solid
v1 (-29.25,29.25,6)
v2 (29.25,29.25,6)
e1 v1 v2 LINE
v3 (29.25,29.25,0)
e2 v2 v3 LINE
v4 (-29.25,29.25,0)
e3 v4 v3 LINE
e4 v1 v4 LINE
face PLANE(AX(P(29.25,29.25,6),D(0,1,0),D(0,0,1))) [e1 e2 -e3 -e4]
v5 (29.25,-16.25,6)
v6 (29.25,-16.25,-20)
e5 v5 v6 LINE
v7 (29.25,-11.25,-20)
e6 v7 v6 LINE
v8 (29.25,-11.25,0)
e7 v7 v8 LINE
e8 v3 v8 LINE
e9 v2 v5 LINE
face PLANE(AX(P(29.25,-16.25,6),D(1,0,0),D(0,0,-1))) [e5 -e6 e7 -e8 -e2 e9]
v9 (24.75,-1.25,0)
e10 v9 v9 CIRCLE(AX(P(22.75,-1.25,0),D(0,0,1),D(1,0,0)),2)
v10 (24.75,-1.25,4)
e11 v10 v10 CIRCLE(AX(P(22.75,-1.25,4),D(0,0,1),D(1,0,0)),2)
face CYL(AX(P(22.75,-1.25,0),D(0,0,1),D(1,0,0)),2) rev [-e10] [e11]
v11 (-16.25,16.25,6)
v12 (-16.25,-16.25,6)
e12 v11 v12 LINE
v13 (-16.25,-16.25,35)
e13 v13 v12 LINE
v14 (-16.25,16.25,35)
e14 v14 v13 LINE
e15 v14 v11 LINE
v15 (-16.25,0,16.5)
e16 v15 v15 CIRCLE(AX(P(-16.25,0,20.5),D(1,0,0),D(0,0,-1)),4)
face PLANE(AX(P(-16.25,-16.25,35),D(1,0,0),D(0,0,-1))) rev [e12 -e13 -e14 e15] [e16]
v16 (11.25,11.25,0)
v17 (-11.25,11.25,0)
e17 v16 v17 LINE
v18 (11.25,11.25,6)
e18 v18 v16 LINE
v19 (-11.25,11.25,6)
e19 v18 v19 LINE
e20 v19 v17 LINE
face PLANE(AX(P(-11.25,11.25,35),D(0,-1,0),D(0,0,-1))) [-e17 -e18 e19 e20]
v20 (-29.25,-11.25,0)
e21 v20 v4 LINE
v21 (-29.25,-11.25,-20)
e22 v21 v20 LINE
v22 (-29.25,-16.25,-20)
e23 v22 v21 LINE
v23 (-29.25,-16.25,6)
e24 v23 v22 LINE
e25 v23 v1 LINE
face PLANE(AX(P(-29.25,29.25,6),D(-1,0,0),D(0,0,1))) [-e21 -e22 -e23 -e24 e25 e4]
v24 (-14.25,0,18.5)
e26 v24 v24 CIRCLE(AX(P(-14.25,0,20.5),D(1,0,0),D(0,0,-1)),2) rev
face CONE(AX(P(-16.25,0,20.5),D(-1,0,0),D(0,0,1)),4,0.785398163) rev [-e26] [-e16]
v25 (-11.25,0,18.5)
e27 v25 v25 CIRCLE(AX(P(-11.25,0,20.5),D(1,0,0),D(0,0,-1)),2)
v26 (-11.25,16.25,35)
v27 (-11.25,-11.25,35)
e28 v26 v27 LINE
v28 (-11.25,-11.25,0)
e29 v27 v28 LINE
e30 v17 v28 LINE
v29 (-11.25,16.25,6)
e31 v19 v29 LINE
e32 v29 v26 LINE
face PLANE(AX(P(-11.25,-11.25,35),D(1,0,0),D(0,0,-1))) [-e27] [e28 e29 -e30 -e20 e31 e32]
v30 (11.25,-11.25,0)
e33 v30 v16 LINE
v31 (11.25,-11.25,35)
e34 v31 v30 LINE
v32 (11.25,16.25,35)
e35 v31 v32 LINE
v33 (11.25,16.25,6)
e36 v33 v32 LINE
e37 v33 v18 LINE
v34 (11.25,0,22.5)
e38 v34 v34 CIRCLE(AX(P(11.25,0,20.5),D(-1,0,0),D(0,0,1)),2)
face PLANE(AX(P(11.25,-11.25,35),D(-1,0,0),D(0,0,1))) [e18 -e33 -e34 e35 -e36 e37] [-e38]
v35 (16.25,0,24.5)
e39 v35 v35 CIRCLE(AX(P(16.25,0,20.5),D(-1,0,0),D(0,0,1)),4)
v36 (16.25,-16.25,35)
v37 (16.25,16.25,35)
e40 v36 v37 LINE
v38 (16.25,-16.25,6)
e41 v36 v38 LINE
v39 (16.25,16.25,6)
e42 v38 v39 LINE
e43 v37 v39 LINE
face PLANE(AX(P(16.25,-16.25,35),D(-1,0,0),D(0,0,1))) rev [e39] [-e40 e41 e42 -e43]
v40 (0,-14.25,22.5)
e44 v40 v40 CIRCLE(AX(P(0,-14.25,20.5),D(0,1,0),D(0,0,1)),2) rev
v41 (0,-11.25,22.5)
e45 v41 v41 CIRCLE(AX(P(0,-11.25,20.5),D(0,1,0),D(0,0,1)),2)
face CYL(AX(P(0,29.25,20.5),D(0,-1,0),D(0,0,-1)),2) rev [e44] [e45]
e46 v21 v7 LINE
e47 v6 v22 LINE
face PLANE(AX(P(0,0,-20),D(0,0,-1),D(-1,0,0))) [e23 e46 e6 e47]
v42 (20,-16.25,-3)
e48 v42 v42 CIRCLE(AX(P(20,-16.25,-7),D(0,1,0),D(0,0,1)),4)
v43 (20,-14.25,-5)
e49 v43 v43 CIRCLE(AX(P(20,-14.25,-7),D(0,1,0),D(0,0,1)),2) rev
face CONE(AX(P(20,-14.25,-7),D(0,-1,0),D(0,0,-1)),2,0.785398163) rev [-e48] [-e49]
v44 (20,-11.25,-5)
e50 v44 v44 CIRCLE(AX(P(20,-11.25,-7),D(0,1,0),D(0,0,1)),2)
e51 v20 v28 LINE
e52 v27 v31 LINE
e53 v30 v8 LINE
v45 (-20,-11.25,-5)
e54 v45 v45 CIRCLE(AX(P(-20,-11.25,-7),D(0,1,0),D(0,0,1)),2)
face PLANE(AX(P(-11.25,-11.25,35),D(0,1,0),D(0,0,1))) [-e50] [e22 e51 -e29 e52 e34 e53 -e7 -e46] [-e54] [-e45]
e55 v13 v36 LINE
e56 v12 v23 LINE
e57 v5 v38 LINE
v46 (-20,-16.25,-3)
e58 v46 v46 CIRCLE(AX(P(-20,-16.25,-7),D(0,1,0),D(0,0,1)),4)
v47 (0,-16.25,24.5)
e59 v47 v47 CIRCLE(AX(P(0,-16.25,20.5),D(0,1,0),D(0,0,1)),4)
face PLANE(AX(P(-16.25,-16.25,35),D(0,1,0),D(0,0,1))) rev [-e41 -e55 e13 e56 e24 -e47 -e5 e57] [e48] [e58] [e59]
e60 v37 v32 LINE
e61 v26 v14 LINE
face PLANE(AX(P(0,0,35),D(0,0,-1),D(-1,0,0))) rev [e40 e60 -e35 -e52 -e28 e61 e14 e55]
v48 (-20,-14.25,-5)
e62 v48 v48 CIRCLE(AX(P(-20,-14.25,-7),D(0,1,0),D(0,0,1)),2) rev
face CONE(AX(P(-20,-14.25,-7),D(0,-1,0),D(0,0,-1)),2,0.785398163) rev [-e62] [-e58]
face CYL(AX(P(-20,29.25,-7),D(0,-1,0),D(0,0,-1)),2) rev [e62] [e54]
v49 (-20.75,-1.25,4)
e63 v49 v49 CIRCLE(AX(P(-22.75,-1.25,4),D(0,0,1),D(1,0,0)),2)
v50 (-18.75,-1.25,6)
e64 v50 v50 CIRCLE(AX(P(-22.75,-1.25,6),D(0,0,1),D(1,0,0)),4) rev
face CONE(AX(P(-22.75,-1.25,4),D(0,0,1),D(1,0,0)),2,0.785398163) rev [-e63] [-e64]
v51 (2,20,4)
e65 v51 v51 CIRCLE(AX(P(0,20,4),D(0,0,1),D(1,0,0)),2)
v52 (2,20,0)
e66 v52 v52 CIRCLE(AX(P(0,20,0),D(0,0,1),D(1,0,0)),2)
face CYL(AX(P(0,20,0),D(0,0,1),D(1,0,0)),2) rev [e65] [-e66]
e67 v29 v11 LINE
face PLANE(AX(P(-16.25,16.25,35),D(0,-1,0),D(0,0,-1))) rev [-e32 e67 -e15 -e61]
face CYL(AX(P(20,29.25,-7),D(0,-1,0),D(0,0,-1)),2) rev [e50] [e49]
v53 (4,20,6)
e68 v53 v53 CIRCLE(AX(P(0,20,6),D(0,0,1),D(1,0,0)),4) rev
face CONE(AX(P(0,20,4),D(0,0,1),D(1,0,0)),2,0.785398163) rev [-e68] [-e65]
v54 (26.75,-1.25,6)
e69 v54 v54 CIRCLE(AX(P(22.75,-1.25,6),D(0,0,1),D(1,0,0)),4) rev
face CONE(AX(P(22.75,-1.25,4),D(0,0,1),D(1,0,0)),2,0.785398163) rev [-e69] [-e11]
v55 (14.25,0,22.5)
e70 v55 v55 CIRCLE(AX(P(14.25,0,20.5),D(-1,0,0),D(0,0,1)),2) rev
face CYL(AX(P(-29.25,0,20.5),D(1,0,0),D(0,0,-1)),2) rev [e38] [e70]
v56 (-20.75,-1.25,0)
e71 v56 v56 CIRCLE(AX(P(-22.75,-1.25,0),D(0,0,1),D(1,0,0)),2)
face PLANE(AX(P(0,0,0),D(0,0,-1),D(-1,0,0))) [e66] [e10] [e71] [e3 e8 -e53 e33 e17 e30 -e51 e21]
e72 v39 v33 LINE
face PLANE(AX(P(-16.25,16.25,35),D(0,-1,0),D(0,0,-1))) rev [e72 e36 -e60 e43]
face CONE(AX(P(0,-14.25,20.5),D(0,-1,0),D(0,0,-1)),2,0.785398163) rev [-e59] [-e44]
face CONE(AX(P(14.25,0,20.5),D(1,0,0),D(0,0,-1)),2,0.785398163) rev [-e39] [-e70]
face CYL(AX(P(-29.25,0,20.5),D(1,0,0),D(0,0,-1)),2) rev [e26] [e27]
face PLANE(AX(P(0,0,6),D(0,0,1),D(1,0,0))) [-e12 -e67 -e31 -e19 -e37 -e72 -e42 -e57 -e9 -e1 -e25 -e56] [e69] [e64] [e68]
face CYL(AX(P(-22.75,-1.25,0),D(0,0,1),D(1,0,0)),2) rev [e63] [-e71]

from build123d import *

# Parameters (mm, degrees)
SKETCH1_W           = 32.5
SKETCH1_H           = 32.5
SKETCH1_W_2         = 22.5
SKETCH1_H_2         = 22.5
BOSS_EXTRUDE1_DEPTH = 35
BOSS_EXTRUDE2_DEPTH = 6
SKETCH3_R           = 2
CUT_EXTRUDE1_DEPTH  = 51.518560945
SKETCH4_W           = 22.5
SKETCH4_H           = 5
CUT_EXTRUDE2_DEPTH  = 29
SKETCH6_W           = 58.5
SKETCH6_H           = 5
BOSS_EXTRUDE3_DEPTH = 20
SKETCH5_R           = 2
CUT_EXTRUDE3_DEPTH  = 65.426799548
SKETCH7_R           = 2
CUT_EXTRUDE4_DEPTH  = 65.426799548
CHAMFER1_SIZE       = 2


with BuildPart() as part:
    # Sketch1 → Boss-Extrude1 (new body)
    with BuildSketch(Plane.XY):
        Rectangle(SKETCH1_W, SKETCH1_H)
        Rectangle(SKETCH1_W_2, SKETCH1_H_2, mode=Mode.SUBTRACT)
    extrude(amount=BOSS_EXTRUDE1_DEPTH)

    # Sketch2 → Boss-Extrude2 (add)
    with BuildSketch(Plane(origin=(0, 0, 0), x_dir=(-1, 0, 0), z_dir=(0, 0, -1))):
        Polygon((-16.25, -16.25), (-29.25, -16.25), (-29.25, 29.25), (29.25, 29.25), (29.25, -16.25), (16.25, -16.25), (16.25, 16.25), (-16.25, 16.25), align=None)
    extrude(amount=-BOSS_EXTRUDE2_DEPTH)

    # Sketch3 → Cut-Extrude1 (cut, through all)
    with BuildSketch(Plane.XY.offset(6)):
        with Locations((-22.75, -1.25)):
            Circle(SKETCH3_R)
        with Locations((0, 20)):
            Circle(SKETCH3_R)
        with Locations((22.75, -1.25)):
            Circle(SKETCH3_R)
    extrude(amount=-CUT_EXTRUDE1_DEPTH, mode=Mode.SUBTRACT)

    # Sketch4 → Cut-Extrude2 (cut)
    with BuildSketch(Plane.XY.offset(35)):
        with Locations((0, 13.75)):
            Rectangle(SKETCH4_W, SKETCH4_H)
    extrude(amount=-CUT_EXTRUDE2_DEPTH, mode=Mode.SUBTRACT)

    # Sketch6 → Boss-Extrude3 (add)
    with BuildSketch(Plane(origin=(0, 0, 0), x_dir=(-1, 0, 0), z_dir=(0, 0, -1))):
        with Locations((0, -13.75)):
            Rectangle(SKETCH6_W, SKETCH6_H)
    extrude(amount=BOSS_EXTRUDE3_DEPTH)

    # Sketch5 → Cut-Extrude3 (cut, through all)
    with BuildSketch(Plane(origin=(16.25, 0, 0), x_dir=(0, 0, -1), z_dir=(1, 0, 0))):
        with Locations((-20.5, 0)):
            Circle(SKETCH5_R)
    extrude(amount=-CUT_EXTRUDE3_DEPTH, mode=Mode.SUBTRACT)

    # Sketch7 → Cut-Extrude4 (cut, through all)
    with BuildSketch(Plane.XZ.offset(16.25)):
        with Locations(Location((-20, -7, 0), (0, 0, 270))):
            Circle(SKETCH7_R)
        with Locations(Location((20, -7, 0), (0, 0, 270))):
            Circle(SKETCH7_R)
        with Locations(Location((0, 20.5, 0), (0, 0, 270))):
            Circle(SKETCH7_R)
    extrude(amount=-CUT_EXTRUDE4_DEPTH, mode=Mode.SUBTRACT)

    # Chamfer1
    chamfer1_edges = [part.edges().sort_by_distance(p)[0] for p in [
        (-20, -16.25, -5),
        (20, -16.25, -5),
        (0, -16.25, 22.5),
        (-24.75, -1.25, 6),
        (-2, 20, 6),
        (20.75, -1.25, 6),
        (-16.25, 0, 22.5),
        (16.25, 0, 22.5),
    ]]
    chamfer(chamfer1_edges, length=CHAMFER1_SIZE)


solid = part.part
